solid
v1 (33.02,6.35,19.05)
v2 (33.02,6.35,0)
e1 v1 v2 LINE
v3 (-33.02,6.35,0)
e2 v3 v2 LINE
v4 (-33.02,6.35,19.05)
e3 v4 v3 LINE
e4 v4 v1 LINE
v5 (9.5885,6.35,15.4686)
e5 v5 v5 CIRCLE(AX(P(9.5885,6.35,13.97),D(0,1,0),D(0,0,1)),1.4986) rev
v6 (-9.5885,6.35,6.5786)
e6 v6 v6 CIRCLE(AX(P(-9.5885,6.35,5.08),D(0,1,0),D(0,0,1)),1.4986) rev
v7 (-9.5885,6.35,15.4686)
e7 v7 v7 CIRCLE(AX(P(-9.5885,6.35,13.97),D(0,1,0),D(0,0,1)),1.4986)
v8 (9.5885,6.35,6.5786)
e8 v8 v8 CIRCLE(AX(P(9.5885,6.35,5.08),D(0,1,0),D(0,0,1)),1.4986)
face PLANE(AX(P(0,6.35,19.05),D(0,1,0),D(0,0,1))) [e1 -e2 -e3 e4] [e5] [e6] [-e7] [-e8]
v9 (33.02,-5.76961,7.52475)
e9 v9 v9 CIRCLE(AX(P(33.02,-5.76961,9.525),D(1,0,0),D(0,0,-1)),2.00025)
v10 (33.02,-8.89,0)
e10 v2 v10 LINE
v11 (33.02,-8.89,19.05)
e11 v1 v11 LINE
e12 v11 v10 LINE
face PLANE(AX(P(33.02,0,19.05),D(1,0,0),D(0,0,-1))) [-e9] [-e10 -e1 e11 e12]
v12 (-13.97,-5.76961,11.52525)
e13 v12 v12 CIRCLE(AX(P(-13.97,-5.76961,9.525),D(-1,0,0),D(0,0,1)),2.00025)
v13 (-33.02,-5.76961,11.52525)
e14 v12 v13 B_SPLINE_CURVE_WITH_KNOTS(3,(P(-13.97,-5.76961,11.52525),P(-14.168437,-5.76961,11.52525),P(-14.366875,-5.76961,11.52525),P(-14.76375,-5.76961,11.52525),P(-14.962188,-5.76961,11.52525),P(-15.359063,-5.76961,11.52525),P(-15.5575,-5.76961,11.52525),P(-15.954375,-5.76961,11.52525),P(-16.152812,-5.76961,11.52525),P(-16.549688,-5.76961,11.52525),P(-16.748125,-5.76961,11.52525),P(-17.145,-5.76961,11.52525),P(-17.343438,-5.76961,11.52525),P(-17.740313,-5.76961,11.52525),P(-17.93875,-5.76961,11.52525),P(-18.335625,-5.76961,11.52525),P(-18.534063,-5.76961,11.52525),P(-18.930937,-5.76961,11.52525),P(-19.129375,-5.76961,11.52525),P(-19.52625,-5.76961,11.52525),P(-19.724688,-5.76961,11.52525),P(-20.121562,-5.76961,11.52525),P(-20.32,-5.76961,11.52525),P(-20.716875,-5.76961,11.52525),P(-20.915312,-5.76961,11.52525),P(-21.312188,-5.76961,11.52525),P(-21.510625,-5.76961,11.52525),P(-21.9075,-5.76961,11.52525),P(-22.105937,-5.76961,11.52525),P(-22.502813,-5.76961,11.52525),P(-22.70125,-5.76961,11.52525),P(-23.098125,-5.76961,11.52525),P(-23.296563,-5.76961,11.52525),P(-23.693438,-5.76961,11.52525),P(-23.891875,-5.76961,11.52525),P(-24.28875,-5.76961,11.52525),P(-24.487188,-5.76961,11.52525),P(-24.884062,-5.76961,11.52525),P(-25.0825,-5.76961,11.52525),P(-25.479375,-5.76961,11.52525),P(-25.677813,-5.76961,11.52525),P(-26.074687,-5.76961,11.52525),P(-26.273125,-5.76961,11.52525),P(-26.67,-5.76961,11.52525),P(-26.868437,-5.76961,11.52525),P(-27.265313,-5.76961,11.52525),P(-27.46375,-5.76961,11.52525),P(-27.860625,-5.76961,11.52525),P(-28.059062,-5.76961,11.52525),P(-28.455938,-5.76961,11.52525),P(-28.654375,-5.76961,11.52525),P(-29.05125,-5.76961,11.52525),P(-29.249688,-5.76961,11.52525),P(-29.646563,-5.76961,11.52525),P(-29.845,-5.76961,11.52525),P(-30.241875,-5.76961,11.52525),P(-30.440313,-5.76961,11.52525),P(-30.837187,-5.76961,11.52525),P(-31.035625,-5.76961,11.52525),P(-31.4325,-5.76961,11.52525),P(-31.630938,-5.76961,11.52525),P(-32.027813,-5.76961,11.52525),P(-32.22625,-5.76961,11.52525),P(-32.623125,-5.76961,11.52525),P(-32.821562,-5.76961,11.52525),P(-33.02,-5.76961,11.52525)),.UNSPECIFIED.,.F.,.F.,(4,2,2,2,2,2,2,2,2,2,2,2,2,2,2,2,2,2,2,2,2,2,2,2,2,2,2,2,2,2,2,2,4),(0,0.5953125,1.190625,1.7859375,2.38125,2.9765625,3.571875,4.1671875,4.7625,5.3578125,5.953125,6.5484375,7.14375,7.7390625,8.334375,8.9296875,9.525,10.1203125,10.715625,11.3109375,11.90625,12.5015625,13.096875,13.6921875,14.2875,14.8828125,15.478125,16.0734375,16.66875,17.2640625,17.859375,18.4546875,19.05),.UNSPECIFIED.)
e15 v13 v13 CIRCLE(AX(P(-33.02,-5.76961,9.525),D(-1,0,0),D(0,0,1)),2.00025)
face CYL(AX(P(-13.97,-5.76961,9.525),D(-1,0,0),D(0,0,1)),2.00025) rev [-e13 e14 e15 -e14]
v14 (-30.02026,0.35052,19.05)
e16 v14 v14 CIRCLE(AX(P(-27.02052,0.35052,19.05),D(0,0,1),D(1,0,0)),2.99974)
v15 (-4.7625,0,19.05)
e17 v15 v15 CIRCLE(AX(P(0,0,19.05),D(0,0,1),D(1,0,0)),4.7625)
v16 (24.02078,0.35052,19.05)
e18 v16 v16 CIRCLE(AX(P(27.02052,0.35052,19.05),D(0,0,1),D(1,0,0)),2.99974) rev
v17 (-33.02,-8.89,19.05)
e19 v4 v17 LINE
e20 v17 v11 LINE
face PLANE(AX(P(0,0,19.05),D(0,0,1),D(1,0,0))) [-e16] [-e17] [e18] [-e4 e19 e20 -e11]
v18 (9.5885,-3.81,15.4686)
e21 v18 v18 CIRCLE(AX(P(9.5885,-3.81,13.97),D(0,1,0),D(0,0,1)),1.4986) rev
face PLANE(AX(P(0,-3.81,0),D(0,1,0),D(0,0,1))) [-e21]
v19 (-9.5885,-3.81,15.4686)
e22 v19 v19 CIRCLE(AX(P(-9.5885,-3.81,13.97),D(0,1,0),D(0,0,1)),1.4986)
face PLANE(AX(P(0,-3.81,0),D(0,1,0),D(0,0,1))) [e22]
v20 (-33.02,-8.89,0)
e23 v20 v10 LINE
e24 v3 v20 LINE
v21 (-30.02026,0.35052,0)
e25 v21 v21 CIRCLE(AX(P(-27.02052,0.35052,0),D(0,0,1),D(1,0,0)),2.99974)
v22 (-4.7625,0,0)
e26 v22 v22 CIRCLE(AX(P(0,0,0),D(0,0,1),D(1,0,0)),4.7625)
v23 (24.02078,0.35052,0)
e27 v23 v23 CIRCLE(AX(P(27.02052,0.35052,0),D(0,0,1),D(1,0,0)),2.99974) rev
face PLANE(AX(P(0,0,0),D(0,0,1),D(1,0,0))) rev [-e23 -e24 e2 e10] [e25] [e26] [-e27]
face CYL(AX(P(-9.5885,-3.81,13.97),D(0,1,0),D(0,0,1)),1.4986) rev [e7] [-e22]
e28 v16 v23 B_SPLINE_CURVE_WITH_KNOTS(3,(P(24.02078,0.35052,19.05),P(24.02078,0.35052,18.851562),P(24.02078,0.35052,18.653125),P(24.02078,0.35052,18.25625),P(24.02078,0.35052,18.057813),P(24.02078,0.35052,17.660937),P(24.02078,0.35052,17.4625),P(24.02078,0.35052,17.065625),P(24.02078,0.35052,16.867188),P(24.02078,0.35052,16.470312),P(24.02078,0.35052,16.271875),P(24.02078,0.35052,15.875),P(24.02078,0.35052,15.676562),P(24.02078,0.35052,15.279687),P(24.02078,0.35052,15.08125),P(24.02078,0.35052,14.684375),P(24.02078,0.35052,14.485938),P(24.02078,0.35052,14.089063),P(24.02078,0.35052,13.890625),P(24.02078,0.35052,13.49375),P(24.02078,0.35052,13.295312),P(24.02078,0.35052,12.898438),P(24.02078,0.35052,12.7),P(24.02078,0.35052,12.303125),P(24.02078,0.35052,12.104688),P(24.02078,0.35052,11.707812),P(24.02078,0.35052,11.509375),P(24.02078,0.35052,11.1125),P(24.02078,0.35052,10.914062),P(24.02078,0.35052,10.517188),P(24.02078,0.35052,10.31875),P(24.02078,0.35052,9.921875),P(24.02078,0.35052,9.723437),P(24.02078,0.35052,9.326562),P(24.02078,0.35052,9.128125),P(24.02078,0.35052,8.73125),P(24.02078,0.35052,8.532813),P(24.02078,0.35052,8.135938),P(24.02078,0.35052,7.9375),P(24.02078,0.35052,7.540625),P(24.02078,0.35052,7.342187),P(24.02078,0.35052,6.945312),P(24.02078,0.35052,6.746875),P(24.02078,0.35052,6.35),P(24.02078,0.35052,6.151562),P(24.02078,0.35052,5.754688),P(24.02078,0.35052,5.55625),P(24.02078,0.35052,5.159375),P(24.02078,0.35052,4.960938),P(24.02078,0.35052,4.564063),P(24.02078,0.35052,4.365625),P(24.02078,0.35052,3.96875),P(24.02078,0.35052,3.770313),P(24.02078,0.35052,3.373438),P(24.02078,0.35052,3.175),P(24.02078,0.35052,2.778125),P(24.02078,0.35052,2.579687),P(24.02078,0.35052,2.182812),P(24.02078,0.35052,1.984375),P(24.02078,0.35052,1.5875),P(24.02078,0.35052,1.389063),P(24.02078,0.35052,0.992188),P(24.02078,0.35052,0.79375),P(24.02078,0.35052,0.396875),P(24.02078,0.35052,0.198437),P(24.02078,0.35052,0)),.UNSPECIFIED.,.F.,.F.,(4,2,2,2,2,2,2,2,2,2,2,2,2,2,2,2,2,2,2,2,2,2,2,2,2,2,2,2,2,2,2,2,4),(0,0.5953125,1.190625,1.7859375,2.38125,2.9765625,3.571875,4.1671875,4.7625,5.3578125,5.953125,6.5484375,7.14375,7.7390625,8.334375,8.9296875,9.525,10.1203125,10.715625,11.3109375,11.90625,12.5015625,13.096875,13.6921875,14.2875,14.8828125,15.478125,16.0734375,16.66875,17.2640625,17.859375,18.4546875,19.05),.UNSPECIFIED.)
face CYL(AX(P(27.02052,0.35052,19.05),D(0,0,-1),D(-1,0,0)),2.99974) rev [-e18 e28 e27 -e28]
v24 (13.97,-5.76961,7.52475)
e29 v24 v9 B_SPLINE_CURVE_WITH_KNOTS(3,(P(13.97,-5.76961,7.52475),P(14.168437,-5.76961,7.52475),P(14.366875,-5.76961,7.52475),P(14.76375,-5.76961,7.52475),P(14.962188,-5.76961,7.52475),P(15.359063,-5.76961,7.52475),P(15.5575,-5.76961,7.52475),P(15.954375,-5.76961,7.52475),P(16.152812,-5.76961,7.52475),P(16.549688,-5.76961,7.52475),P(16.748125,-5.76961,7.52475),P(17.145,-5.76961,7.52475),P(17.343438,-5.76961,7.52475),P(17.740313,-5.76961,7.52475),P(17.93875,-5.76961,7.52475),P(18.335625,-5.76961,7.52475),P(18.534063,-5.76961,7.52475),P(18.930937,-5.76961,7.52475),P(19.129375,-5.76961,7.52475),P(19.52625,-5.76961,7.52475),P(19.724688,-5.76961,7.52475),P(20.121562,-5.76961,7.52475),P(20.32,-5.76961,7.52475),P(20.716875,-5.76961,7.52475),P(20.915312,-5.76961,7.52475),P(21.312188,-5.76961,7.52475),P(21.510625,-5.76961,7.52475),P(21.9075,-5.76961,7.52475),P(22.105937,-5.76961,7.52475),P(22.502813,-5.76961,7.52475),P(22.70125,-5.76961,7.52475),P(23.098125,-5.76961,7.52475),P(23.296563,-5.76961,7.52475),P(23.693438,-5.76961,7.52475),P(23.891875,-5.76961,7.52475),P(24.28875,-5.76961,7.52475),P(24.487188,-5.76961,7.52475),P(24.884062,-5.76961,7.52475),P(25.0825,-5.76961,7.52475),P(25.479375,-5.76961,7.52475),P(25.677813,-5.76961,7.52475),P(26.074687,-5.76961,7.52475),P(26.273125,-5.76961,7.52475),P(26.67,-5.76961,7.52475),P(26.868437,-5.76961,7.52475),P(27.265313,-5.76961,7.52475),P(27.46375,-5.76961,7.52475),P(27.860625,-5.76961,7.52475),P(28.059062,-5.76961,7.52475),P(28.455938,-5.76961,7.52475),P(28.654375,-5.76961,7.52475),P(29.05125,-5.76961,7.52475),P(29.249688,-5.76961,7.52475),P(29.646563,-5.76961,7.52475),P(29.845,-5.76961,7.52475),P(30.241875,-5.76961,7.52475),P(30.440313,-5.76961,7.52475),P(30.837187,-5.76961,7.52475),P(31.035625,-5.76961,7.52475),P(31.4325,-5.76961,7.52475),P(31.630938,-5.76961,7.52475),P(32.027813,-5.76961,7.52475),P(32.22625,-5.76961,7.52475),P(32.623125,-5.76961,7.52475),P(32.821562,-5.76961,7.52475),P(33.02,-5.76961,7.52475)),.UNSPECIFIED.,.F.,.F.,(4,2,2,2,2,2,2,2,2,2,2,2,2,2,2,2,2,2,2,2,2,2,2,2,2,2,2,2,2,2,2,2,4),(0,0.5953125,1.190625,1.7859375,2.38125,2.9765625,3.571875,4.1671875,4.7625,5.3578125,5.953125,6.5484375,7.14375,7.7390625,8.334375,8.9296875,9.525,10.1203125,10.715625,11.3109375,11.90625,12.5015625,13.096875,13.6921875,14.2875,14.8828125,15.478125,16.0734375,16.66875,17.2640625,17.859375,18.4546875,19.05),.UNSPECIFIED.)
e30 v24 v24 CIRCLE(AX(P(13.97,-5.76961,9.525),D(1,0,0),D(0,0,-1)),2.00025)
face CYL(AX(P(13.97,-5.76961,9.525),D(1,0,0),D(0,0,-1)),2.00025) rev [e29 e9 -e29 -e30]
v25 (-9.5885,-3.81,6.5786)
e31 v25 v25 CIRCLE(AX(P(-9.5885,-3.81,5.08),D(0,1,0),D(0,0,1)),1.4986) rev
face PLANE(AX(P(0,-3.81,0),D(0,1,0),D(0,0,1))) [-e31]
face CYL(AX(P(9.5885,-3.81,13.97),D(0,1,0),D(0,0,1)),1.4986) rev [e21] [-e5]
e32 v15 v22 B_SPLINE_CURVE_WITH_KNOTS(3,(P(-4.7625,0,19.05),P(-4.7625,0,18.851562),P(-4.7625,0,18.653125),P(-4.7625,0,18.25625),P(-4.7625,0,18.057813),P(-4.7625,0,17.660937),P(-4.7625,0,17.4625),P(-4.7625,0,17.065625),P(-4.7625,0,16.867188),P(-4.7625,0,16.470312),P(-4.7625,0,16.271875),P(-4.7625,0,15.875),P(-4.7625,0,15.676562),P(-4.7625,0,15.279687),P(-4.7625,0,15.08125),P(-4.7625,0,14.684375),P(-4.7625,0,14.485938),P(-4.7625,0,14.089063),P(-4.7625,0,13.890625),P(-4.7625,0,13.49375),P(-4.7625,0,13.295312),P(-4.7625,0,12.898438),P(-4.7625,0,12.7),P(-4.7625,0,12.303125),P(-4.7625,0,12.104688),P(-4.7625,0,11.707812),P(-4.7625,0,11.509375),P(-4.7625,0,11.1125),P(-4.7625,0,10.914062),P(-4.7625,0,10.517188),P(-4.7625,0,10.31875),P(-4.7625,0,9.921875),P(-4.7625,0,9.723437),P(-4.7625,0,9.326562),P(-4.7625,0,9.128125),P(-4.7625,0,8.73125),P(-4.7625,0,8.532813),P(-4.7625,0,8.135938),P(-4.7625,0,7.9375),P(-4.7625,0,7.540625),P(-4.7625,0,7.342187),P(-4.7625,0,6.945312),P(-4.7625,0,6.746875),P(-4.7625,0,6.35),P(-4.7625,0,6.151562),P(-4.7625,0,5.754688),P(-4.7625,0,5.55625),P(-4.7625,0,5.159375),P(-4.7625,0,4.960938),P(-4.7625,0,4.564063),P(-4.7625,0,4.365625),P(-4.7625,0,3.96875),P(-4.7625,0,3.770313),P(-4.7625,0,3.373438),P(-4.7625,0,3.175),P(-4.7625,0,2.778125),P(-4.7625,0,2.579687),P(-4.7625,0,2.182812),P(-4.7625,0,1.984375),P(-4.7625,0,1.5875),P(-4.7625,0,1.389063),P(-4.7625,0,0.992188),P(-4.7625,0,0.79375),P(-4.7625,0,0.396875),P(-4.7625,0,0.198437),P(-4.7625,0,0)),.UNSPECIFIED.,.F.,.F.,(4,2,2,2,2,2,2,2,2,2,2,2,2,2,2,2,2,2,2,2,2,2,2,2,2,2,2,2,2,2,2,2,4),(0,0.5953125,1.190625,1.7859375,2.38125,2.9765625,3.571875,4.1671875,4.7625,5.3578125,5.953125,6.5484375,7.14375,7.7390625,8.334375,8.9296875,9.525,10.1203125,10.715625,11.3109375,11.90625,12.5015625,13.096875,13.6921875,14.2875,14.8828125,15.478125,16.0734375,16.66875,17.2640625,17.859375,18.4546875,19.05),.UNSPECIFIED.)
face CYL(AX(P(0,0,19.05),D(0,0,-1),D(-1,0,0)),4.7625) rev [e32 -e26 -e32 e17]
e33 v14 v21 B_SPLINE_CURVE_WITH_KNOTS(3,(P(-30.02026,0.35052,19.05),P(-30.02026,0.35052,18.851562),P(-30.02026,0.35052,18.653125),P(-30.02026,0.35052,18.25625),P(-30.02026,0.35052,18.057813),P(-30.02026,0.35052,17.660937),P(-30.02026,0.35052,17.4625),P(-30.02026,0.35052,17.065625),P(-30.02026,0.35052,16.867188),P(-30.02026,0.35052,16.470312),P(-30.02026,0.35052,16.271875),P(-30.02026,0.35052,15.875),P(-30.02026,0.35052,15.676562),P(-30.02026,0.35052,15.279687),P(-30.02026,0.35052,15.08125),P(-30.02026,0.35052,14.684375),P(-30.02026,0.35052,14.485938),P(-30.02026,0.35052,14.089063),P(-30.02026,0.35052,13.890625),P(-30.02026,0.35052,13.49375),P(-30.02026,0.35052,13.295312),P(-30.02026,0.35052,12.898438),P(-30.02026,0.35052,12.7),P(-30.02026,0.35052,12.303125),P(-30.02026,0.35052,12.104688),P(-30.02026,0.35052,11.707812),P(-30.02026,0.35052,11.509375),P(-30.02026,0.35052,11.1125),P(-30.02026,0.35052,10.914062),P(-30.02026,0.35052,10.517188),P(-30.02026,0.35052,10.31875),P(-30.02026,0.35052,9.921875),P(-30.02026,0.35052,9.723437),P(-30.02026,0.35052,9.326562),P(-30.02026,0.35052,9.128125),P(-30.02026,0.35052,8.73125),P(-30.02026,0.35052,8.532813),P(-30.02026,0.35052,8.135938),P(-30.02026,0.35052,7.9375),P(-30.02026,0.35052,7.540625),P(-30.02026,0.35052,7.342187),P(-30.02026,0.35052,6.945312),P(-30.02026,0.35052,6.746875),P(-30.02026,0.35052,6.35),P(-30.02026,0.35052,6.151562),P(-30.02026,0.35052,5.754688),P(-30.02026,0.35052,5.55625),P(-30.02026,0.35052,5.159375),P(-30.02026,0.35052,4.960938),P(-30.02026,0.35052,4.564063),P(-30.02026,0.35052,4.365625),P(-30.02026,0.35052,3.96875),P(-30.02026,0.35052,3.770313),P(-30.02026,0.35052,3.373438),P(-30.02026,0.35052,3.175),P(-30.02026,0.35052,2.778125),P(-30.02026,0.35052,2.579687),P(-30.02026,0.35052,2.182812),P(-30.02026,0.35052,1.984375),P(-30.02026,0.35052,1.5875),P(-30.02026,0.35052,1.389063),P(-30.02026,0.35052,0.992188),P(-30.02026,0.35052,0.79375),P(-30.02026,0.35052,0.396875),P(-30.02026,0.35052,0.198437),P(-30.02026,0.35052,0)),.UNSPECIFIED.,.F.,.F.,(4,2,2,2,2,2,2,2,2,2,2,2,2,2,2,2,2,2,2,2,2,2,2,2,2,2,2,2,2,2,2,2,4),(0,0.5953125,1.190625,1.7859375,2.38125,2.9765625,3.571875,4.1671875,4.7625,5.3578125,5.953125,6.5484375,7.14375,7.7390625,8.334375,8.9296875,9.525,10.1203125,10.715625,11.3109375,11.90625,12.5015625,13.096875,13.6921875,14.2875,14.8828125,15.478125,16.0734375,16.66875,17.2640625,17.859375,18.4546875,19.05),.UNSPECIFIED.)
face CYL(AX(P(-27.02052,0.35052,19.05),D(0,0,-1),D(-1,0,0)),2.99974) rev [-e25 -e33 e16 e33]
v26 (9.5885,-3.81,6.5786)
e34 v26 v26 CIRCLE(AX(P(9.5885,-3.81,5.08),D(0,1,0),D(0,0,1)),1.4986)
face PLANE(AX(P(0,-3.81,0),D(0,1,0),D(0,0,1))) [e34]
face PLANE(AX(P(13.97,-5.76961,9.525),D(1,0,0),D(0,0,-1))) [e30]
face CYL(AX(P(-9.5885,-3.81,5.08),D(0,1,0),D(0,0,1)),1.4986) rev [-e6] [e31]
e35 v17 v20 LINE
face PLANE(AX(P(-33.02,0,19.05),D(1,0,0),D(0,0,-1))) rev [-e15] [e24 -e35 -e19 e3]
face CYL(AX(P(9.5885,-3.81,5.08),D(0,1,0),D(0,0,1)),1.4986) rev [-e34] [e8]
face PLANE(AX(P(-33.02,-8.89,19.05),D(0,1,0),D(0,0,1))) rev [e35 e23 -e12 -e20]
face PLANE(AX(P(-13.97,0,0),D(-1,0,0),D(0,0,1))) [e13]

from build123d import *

# Parameters (mm, degrees)
SKETCH1_W           = 66.04
SKETCH1_H           = 15.24
SKETCH1_R           = 2.99974
SKETCH1_R_2         = 4.7625
BOSS_EXTRUDE1_DEPTH = 19.05
CUT_EXTRUDE2_DEPTH  = 19.05
CUT_EXTRUDE3_START  = -19.05
SKETCH3_R           = 2.00025
CUT_EXTRUDE3_DEPTH  = 19.05
SKETCH4_R           = 1.4986
CUT_EXTRUDE4_DEPTH  = 10.16


with BuildPart() as part:
    # Sketch1 → Boss-Extrude1 (new body)
    with BuildSketch(Plane.XY):
        with Locations((0, -1.27)):
            Rectangle(SKETCH1_W, SKETCH1_H)
        with Locations(Location((-27.02052, 0.35052, 0), (0, 0, 180))):
            Circle(SKETCH1_R, mode=Mode.SUBTRACT)
        with Locations(Location((0, 0, 0), (0, 0, 180))):
            Circle(SKETCH1_R_2, mode=Mode.SUBTRACT)
        with Locations(Location((27.02052, 0.35052, 0), (0, 0, 180))):
            Circle(SKETCH1_R, mode=Mode.SUBTRACT)
    extrude(amount=BOSS_EXTRUDE1_DEPTH)

    # Sketch2 → Cut-Extrude2 (cut)
    with BuildSketch(Plane.ZY.offset(33.02)):
        with BuildLine():
            ThreePointArc((11.52525, -5.76961), (9.525, -3.76936), (7.52475, -5.76961))
            Line((7.52475, -5.76961), (11.52525, -5.76961))
        make_face()
        with BuildLine():
            Line((11.52525, -5.76961), (7.52475, -5.76961))
            ThreePointArc((7.52475, -5.76961), (9.525, -7.76986), (11.52525, -5.76961))
        make_face()
    extrude(amount=-CUT_EXTRUDE2_DEPTH, mode=Mode.SUBTRACT)

    # Sketch3 → Cut-Extrude3 (cut)
    with BuildSketch(Plane(origin=(33.02, 0, 0), x_dir=(0, 0, -1), z_dir=(1, 0, 0)).offset(CUT_EXTRUDE3_START)):
        with Locations(Location((-9.525, -5.76961, 0), (0, 0, 180))):
            Circle(SKETCH3_R)
    extrude(amount=CUT_EXTRUDE3_DEPTH, mode=Mode.SUBTRACT)

    # Sketch4 → Cut-Extrude4 (cut)
    with BuildSketch(Plane(origin=(0, 6.35, 0), x_dir=(1, 0, 0), z_dir=(0, 1, 0))):
        with Locations(Location((9.5885, -5.08, 0), (0, 0, 270))):
            Circle(SKETCH4_R)
        with Locations(Location((9.5885, -13.97, 0), (0, 0, 270))):
            Circle(SKETCH4_R)
        with Locations(Location((-9.5885, -5.08, 0), (0, 0, 270))):
            Circle(SKETCH4_R)
        with Locations(Location((-9.5885, -13.97, 0), (0, 0, 270))):
            Circle(SKETCH4_R)
    extrude(amount=-CUT_EXTRUDE4_DEPTH, mode=Mode.SUBTRACT)


solid = part.part
